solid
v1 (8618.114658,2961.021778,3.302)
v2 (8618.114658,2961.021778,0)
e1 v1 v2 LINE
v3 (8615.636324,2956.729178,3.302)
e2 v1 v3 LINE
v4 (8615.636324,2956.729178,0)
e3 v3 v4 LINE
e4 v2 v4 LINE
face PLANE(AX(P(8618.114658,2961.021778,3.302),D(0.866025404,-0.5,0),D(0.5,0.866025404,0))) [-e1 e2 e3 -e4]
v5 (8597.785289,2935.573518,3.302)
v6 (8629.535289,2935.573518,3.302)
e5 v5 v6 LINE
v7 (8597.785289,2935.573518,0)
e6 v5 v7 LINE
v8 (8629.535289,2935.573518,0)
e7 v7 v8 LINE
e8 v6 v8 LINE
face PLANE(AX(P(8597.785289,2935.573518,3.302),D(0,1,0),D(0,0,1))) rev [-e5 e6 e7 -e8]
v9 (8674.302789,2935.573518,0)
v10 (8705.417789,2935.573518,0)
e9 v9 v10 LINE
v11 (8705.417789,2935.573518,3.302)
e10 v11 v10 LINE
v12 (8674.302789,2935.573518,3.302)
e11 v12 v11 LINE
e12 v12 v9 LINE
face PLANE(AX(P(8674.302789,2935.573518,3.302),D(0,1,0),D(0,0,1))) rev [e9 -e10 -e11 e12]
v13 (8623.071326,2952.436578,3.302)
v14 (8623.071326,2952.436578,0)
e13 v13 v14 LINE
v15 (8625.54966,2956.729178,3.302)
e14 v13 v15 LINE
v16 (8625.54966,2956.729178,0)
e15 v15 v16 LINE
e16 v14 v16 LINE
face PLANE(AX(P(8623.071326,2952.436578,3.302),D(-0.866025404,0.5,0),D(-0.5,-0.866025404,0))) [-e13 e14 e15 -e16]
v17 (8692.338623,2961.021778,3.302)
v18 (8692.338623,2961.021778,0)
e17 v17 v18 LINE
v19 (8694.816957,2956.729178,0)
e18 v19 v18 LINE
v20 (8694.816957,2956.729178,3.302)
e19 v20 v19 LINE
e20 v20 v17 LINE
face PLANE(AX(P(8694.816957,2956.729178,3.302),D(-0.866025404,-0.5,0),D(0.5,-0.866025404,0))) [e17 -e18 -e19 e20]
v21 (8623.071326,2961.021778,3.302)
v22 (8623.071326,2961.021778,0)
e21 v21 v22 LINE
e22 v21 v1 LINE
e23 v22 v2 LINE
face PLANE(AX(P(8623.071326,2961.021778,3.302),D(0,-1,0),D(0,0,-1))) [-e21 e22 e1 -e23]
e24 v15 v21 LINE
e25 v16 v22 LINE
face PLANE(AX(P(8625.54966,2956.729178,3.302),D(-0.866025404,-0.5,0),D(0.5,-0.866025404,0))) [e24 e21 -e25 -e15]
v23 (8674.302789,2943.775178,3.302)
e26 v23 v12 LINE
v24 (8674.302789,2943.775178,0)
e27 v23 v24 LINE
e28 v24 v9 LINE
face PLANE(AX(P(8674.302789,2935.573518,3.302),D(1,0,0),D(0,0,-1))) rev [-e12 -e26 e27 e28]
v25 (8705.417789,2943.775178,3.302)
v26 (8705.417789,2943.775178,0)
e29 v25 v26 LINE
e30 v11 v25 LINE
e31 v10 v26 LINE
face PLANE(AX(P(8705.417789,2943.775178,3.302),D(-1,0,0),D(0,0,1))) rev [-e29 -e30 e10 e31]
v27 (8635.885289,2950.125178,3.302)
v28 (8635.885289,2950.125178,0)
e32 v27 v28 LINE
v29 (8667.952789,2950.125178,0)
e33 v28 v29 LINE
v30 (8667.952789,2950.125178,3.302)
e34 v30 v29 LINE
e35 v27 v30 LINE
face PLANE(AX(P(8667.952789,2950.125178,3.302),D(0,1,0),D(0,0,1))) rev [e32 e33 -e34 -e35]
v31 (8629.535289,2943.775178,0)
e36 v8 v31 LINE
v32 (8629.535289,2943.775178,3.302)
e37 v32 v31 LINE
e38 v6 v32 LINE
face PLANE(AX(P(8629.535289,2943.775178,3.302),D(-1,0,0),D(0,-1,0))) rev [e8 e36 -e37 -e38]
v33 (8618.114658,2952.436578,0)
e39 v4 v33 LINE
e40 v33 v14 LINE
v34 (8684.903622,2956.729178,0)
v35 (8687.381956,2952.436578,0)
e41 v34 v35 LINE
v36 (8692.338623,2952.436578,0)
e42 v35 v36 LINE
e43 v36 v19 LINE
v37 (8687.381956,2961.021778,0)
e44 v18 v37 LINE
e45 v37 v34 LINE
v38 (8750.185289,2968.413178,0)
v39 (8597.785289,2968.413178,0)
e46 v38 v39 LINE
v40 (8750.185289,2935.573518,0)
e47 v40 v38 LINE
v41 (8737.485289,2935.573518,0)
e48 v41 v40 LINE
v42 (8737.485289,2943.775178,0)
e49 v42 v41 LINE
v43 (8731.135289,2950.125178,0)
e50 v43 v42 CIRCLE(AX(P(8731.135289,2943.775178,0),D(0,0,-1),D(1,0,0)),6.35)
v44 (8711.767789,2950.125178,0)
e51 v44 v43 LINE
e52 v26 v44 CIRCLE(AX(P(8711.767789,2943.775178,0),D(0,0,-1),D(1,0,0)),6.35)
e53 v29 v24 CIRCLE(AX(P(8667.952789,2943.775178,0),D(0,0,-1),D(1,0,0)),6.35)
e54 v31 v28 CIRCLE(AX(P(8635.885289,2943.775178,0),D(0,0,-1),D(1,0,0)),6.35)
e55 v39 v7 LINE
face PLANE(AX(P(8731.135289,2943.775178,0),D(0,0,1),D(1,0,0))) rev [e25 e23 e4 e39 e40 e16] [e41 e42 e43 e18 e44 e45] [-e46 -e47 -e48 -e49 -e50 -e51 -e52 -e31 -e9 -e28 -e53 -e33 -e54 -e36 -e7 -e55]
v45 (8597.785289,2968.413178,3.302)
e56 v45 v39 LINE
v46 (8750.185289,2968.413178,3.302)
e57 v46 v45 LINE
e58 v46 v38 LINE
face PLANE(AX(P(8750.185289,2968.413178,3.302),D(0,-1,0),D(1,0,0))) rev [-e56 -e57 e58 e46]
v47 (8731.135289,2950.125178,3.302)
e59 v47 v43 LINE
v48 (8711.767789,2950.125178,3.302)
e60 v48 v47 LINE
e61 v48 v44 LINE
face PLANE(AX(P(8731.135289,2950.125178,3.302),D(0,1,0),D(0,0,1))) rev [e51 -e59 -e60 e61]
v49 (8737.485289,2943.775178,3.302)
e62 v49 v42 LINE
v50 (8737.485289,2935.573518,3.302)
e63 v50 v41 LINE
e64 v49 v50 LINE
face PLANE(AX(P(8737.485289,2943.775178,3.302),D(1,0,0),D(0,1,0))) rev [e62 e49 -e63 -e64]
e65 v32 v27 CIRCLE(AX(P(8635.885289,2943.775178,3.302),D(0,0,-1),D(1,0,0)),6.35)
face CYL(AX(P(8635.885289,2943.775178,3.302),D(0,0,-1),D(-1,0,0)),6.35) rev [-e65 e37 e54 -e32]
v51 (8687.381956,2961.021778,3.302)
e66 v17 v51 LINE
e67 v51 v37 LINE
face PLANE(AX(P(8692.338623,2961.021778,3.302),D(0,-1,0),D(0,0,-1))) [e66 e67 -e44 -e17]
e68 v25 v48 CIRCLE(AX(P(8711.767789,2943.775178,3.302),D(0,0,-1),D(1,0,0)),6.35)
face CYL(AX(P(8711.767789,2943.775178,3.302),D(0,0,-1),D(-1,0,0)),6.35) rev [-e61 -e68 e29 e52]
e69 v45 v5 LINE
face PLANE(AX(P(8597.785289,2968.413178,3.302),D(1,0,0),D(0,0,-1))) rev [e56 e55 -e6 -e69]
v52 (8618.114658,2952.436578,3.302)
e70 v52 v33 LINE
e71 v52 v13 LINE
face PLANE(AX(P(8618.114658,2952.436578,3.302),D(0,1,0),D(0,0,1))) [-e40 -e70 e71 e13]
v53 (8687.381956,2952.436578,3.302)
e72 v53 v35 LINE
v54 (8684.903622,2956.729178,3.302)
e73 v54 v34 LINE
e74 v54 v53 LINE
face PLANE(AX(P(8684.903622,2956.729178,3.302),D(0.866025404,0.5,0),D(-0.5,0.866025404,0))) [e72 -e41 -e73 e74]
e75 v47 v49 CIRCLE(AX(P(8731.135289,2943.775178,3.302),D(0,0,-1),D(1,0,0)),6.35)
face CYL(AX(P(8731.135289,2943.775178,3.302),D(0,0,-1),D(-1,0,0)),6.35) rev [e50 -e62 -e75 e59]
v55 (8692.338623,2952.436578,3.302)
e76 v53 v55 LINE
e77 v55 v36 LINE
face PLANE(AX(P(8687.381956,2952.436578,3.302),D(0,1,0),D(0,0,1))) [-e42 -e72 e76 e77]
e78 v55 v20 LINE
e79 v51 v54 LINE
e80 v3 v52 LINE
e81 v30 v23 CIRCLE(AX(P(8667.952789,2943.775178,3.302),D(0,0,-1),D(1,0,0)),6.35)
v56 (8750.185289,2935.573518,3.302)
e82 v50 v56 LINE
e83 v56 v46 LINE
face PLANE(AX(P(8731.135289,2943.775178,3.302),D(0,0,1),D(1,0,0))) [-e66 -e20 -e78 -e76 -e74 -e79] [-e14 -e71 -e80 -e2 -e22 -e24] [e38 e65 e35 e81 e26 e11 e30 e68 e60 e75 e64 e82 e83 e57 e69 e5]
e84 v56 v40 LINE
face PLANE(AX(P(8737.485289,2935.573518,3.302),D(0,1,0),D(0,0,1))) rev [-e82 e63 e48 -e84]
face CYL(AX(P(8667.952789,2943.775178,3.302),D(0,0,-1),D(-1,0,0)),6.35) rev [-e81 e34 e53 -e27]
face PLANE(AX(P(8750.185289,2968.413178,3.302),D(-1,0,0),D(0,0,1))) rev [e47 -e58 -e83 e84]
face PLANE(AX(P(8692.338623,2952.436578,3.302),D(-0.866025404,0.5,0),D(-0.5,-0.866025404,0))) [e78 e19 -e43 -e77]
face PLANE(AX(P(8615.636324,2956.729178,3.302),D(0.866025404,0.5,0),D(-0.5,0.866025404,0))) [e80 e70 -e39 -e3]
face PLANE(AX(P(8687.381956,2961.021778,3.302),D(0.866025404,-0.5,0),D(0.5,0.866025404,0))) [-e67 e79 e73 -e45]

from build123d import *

# Parameters (mm, degrees)
BOSS_EXTRUDE1_DEPTH = 3.302


with BuildPart() as part:
    # Sketch1 → Boss-Extrude1 (new body)
    with BuildSketch(Plane.XY):
        with BuildLine():
            Line((8750.18528935, 2968.413177756), (8597.78528935, 2968.413177756))
            Line((8597.78528935, 2968.413177756), (8597.78528935, 2935.573517756))
            Line((8597.78528935, 2935.573517756), (8629.53528935, 2935.573517756))
            Line((8629.53528935, 2935.573517756), (8629.53528935, 2943.775177756))
            ThreePointArc((8629.53528935, 2943.775177756), (8631.39516129, 2948.265305817), (8635.88528935, 2950.125177756))
            Line((8635.88528935, 2950.125177756), (8667.95278935, 2950.125177756))
            ThreePointArc((8667.95278935, 2950.125177756), (8672.442917411, 2948.265305817), (8674.30278935, 2943.775177756))
            Line((8674.30278935, 2943.775177756), (8674.30278935, 2935.573517756))
            Line((8674.30278935, 2935.573517756), (8705.41778935, 2935.573517756))
            Line((8705.41778935, 2935.573517756), (8705.41778935, 2943.775177756))
            ThreePointArc((8705.41778935, 2943.775177756), (8707.27766129, 2948.265305817), (8711.76778935, 2950.125177756))
            Line((8711.76778935, 2950.125177756), (8731.13528935, 2950.125177756))
            ThreePointArc((8731.13528935, 2950.125177756), (8735.625417411, 2948.265305817), (8737.48528935, 2943.775177756))
            Line((8737.48528935, 2943.775177756), (8737.48528935, 2935.573517756))
            Line((8737.48528935, 2935.573517756), (8750.18528935, 2935.573517756))
            Line((8750.18528935, 2935.573517756), (8750.18528935, 2968.413177756))
        make_face()
        Polygon((8618.114658264, 2961.021777756), (8615.636324499, 2956.729177756), (8618.114658264, 2952.436577756), (8623.071325795, 2952.436577756), (8625.549659561, 2956.729177756), (8623.071325795, 2961.021777756), align=None, mode=Mode.SUBTRACT)
        Polygon((8687.381955585, 2961.021777756), (8684.903621819, 2956.729177756), (8687.381955585, 2952.436577756), (8692.338623116, 2952.436577756), (8694.816956881, 2956.729177756), (8692.338623116, 2961.021777756), align=None, mode=Mode.SUBTRACT)
    extrude(amount=BOSS_EXTRUDE1_DEPTH)


solid = part.part
